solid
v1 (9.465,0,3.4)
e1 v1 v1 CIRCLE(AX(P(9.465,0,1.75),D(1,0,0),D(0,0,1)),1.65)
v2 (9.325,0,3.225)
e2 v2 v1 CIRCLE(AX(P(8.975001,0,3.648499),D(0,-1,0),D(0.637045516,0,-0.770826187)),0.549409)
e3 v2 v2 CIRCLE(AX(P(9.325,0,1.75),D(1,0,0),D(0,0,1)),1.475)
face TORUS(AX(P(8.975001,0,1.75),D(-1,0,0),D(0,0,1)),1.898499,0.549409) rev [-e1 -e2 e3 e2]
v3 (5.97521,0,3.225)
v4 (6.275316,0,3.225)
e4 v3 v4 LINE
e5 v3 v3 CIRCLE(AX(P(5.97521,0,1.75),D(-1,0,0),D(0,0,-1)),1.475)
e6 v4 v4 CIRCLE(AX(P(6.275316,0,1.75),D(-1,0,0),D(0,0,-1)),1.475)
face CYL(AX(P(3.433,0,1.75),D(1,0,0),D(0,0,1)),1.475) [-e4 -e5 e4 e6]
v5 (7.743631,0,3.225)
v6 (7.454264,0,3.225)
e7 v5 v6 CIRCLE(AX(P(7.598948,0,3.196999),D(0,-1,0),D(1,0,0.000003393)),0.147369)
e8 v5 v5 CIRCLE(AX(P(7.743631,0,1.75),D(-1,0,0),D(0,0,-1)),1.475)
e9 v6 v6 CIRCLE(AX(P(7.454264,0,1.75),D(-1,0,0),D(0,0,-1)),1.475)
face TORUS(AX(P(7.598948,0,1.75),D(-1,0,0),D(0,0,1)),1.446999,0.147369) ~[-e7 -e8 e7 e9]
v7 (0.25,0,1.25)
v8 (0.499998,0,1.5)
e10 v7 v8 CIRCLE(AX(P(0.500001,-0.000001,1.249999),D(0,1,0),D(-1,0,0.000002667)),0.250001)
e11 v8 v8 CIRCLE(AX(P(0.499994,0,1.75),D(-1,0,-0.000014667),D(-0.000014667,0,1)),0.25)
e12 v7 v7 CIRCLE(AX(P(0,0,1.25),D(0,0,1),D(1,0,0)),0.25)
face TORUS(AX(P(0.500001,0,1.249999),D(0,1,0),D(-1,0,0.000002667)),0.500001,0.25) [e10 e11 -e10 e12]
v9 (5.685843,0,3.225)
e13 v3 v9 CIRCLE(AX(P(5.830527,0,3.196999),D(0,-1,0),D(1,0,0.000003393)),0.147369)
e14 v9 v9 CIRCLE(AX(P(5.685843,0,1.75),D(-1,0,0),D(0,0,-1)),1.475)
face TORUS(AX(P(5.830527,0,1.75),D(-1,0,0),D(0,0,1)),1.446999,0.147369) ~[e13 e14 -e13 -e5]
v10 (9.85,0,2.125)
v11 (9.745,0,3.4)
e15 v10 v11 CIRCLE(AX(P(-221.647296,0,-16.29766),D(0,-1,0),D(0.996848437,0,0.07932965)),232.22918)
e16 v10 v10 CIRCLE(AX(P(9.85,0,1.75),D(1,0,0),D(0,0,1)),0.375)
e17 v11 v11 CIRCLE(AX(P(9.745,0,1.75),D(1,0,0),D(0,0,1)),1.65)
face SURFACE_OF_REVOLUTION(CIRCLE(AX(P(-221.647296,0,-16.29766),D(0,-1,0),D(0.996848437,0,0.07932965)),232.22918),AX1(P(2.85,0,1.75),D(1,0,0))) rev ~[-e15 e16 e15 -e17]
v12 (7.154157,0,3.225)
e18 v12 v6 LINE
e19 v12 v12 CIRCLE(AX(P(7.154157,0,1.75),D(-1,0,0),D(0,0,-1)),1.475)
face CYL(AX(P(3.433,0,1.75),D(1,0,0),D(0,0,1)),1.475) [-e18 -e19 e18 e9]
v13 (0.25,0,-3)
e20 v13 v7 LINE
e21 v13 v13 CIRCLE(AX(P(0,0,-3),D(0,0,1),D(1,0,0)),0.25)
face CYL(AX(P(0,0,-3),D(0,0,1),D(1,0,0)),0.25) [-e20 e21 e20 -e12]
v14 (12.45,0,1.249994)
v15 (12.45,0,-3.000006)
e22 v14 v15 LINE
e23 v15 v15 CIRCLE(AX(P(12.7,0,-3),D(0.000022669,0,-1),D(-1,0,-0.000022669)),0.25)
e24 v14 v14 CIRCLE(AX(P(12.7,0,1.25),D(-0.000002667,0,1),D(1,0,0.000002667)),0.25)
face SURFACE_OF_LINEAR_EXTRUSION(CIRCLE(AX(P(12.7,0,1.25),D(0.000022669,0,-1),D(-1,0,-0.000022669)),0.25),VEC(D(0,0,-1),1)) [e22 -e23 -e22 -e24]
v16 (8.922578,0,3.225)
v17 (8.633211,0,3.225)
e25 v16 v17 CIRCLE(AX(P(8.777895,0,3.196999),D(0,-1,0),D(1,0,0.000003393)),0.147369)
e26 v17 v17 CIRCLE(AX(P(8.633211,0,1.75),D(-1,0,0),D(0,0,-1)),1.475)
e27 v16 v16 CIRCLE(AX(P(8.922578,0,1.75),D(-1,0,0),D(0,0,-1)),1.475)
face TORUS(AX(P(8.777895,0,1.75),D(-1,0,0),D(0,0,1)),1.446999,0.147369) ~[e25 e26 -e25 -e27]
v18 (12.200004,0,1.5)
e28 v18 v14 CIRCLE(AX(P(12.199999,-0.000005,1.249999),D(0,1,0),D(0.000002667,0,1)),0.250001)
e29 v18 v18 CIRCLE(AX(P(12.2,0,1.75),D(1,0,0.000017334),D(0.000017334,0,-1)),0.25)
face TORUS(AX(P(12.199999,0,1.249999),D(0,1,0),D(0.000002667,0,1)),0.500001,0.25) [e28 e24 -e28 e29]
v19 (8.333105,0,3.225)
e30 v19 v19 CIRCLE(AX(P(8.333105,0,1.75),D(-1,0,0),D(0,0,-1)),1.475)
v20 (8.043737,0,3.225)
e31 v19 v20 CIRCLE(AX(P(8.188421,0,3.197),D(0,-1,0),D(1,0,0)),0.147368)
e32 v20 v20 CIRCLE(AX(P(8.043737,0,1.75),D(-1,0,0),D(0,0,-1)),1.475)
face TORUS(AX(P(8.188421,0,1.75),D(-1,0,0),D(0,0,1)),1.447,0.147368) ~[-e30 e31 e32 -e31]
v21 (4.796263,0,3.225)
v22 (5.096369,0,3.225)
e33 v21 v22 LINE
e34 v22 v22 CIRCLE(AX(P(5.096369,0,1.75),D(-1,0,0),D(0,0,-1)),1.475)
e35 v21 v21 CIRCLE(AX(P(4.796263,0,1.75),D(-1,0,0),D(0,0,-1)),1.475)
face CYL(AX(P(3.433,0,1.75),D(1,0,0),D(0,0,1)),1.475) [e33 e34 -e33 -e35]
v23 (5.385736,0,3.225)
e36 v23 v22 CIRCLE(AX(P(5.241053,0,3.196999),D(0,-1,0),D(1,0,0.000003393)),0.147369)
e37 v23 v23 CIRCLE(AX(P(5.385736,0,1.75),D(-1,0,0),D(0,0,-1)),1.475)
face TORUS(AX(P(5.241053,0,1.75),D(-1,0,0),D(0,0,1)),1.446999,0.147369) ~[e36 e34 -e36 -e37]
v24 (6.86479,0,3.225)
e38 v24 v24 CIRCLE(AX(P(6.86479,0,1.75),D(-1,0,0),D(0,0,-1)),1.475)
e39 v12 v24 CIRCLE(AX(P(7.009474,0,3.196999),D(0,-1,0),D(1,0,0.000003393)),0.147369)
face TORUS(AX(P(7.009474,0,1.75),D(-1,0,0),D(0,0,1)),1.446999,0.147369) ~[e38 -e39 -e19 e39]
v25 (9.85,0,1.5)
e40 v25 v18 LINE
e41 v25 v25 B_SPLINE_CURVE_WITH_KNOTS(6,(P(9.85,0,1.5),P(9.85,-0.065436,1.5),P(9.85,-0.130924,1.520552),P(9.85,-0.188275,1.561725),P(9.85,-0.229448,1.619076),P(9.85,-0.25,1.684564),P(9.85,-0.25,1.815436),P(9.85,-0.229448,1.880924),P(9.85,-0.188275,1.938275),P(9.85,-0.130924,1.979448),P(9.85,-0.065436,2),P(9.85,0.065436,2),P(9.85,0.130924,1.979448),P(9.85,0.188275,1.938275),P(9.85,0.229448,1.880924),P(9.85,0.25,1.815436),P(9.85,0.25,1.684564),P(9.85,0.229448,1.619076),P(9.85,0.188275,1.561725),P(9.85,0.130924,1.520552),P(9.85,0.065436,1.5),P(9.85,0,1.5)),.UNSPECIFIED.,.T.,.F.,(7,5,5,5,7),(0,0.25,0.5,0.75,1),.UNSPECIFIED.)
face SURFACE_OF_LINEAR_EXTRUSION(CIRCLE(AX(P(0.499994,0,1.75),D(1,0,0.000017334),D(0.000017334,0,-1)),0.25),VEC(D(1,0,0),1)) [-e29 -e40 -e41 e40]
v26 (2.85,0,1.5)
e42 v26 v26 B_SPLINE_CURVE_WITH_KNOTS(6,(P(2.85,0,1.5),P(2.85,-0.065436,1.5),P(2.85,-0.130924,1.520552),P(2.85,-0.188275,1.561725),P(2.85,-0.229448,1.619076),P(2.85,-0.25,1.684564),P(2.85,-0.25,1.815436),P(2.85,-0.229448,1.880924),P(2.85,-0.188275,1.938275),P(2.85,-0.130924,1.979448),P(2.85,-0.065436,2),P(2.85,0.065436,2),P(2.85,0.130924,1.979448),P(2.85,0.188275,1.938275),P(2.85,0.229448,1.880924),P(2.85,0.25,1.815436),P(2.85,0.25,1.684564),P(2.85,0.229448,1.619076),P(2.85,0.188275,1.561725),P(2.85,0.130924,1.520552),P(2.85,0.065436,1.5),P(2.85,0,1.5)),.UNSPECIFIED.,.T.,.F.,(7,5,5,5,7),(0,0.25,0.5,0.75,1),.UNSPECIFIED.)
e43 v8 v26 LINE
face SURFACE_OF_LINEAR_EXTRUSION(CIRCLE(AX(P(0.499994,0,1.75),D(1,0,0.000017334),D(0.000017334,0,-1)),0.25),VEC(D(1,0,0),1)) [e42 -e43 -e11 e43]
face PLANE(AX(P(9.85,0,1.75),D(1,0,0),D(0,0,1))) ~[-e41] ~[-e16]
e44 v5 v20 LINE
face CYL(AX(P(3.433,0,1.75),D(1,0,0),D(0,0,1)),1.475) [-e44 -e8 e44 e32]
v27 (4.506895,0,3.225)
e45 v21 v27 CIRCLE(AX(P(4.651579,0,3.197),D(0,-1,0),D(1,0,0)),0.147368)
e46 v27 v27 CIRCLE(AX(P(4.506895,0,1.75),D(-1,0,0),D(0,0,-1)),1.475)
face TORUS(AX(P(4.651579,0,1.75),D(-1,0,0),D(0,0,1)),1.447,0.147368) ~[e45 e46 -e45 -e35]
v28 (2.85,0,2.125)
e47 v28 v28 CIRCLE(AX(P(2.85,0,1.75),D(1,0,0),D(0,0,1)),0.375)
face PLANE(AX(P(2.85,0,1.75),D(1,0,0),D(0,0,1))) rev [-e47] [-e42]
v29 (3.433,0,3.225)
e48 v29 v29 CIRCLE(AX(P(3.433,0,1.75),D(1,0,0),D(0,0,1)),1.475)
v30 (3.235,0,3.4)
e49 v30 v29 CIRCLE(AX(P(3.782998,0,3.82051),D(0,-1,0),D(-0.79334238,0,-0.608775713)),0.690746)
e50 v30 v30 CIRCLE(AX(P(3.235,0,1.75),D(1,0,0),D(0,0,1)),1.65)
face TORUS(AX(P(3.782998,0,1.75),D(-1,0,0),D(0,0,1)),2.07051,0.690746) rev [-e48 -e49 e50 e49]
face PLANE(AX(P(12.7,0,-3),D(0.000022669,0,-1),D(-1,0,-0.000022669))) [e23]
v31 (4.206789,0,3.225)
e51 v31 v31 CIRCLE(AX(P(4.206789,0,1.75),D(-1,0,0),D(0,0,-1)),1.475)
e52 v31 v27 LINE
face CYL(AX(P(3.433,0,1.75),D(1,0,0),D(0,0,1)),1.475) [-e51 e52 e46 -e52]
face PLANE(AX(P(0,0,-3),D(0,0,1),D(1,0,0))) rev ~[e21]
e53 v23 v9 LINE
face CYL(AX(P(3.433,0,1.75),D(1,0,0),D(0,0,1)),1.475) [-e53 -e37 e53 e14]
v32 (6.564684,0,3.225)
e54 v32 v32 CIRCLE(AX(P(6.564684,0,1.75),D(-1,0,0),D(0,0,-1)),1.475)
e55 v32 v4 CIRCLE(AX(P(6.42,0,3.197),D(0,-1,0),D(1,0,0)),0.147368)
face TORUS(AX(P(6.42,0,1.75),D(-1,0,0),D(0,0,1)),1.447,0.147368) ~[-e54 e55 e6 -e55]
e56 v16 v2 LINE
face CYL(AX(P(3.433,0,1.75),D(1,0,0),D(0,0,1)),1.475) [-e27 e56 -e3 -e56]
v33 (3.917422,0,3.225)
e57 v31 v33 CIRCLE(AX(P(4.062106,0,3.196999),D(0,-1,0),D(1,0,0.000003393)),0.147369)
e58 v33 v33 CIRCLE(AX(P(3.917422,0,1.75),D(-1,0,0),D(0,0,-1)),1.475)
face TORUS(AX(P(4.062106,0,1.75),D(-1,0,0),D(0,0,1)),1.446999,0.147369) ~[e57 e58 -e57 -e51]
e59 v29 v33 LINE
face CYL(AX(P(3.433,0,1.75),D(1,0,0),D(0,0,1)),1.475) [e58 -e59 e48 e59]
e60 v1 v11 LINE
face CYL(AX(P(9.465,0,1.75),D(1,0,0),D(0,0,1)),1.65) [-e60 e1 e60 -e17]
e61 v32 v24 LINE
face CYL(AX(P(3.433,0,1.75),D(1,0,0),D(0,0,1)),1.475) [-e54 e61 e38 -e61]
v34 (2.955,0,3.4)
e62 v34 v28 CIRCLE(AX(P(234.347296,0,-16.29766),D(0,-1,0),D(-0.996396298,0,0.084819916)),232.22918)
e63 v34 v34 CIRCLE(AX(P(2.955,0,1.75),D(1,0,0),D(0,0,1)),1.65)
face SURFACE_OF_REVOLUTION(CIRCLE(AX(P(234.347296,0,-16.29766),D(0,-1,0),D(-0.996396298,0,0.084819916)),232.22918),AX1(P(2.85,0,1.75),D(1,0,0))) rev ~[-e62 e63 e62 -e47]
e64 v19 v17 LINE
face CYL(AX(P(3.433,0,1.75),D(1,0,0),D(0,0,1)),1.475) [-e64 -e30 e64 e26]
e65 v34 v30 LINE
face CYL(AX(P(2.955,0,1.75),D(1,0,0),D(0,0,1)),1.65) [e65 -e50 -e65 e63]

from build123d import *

# Parameters (mm, degrees)
SKETCH_R = 0.25


with BuildPart() as sweep_body:
    # Sweep: sweep along a path in Sketch001
    with BuildLine(Plane.XZ) as sweep_path:
        Line((0, -3), (0, 1.25))
        ThreePointArc((0, 1.25), (0.146445, 1.603551), (0.499994, 1.75))
        Line((0.499994, 1.75), (12.2, 1.75))
        ThreePointArc((12.2, 1.75), (12.553553, 1.603553), (12.7, 1.25))
        Line((12.7, 1.25), (12.7, -3))
    # Sketch → Sweep (sweep)
    with BuildSketch(Plane.XY.offset(-2)):
        Circle(SKETCH_R)
    sweep(path=sweep_path.line)


with BuildPart() as revolution001:
    # Sketch003 → Revolution001 (revolve)
    with BuildSketch(Plane.XZ):
        with BuildLine():
            ThreePointArc((4.209474, 3.197), (4.062105, 3.344368), (3.914737, 3.197))
            Line((3.62, 3.197), (3.914737, 3.197))
            Line((3.62, 3.197), (3.62, 2.867))
            Line((3.62, 2.867), (9.22, 2.867))
            Line((9.22, 2.867), (9.22, 3.197))
            Line((8.925263, 3.197), (9.22, 3.197))
            ThreePointArc((8.925263, 3.197), (8.777895, 3.344368), (8.630526, 3.197))
            Line((8.335789, 3.197), (8.630526, 3.197))
            ThreePointArc((8.335789, 3.197), (8.188421, 3.344368), (8.041053, 3.197))
            Line((7.746316, 3.197), (8.041053, 3.197))
            ThreePointArc((7.746316, 3.197), (7.598947, 3.344368), (7.451579, 3.197))
            Line((7.156842, 3.197), (7.451579, 3.197))
            ThreePointArc((7.156842, 3.197), (7.009474, 3.344368), (6.862105, 3.197))
            Line((6.567368, 3.197), (6.862105, 3.197))
            ThreePointArc((6.567368, 3.197), (6.42, 3.344368), (6.272632, 3.197))
            Line((5.977895, 3.197), (6.272632, 3.197))
            ThreePointArc((5.977895, 3.197), (5.830526, 3.344368), (5.683158, 3.197))
            Line((5.388421, 3.197), (5.683158, 3.197))
            ThreePointArc((5.388421, 3.197), (5.241053, 3.344368), (5.093684, 3.197))
            Line((4.798947, 3.197), (5.093684, 3.197))
            ThreePointArc((4.798947, 3.197), (4.651579, 3.344368), (4.504211, 3.197))
            Line((4.209474, 3.197), (4.504211, 3.197))
        make_face()
    revolve(axis=Axis((3.025, 0, 1.75), (1, 0, 0)))


with BuildPart() as revolution_mp_cp:
    # Sketch002 → Revolution (revolve)
    with BuildSketch(Plane.XZ):
        with BuildLine():
            Line((2.955, 3.4), (3.235, 3.4))
            ThreePointArc((3.235, 3.4), (3.325554, 3.302943), (3.433, 3.225))
            Line((3.433, 3.225), (9.325, 3.225))
            ThreePointArc((9.325, 3.225), (9.404018, 3.305286), (9.465, 3.4))
            Line((9.465, 3.4), (9.745, 3.4))
            ThreePointArc((9.85, 2.125), (9.798378, 2.762572), (9.745, 3.4))
            Line((9.85, 1.75), (9.85, 2.125))
            Line((2.85, 1.75), (9.85, 1.75))
            Line((2.85, 1.75), (2.85, 2.125))
            ThreePointArc((2.955, 3.4), (2.901622, 2.762572), (2.85, 2.125))
        make_face()
    revolve(axis=Axis((2.85, 0, 1.75), (1, 0, 0)))

    # Revolution_mp_cp: union Sweep body, Revolution001
    add(sweep_body.part)
    add(revolution001.part)


solid = revolution_mp_cp.part
